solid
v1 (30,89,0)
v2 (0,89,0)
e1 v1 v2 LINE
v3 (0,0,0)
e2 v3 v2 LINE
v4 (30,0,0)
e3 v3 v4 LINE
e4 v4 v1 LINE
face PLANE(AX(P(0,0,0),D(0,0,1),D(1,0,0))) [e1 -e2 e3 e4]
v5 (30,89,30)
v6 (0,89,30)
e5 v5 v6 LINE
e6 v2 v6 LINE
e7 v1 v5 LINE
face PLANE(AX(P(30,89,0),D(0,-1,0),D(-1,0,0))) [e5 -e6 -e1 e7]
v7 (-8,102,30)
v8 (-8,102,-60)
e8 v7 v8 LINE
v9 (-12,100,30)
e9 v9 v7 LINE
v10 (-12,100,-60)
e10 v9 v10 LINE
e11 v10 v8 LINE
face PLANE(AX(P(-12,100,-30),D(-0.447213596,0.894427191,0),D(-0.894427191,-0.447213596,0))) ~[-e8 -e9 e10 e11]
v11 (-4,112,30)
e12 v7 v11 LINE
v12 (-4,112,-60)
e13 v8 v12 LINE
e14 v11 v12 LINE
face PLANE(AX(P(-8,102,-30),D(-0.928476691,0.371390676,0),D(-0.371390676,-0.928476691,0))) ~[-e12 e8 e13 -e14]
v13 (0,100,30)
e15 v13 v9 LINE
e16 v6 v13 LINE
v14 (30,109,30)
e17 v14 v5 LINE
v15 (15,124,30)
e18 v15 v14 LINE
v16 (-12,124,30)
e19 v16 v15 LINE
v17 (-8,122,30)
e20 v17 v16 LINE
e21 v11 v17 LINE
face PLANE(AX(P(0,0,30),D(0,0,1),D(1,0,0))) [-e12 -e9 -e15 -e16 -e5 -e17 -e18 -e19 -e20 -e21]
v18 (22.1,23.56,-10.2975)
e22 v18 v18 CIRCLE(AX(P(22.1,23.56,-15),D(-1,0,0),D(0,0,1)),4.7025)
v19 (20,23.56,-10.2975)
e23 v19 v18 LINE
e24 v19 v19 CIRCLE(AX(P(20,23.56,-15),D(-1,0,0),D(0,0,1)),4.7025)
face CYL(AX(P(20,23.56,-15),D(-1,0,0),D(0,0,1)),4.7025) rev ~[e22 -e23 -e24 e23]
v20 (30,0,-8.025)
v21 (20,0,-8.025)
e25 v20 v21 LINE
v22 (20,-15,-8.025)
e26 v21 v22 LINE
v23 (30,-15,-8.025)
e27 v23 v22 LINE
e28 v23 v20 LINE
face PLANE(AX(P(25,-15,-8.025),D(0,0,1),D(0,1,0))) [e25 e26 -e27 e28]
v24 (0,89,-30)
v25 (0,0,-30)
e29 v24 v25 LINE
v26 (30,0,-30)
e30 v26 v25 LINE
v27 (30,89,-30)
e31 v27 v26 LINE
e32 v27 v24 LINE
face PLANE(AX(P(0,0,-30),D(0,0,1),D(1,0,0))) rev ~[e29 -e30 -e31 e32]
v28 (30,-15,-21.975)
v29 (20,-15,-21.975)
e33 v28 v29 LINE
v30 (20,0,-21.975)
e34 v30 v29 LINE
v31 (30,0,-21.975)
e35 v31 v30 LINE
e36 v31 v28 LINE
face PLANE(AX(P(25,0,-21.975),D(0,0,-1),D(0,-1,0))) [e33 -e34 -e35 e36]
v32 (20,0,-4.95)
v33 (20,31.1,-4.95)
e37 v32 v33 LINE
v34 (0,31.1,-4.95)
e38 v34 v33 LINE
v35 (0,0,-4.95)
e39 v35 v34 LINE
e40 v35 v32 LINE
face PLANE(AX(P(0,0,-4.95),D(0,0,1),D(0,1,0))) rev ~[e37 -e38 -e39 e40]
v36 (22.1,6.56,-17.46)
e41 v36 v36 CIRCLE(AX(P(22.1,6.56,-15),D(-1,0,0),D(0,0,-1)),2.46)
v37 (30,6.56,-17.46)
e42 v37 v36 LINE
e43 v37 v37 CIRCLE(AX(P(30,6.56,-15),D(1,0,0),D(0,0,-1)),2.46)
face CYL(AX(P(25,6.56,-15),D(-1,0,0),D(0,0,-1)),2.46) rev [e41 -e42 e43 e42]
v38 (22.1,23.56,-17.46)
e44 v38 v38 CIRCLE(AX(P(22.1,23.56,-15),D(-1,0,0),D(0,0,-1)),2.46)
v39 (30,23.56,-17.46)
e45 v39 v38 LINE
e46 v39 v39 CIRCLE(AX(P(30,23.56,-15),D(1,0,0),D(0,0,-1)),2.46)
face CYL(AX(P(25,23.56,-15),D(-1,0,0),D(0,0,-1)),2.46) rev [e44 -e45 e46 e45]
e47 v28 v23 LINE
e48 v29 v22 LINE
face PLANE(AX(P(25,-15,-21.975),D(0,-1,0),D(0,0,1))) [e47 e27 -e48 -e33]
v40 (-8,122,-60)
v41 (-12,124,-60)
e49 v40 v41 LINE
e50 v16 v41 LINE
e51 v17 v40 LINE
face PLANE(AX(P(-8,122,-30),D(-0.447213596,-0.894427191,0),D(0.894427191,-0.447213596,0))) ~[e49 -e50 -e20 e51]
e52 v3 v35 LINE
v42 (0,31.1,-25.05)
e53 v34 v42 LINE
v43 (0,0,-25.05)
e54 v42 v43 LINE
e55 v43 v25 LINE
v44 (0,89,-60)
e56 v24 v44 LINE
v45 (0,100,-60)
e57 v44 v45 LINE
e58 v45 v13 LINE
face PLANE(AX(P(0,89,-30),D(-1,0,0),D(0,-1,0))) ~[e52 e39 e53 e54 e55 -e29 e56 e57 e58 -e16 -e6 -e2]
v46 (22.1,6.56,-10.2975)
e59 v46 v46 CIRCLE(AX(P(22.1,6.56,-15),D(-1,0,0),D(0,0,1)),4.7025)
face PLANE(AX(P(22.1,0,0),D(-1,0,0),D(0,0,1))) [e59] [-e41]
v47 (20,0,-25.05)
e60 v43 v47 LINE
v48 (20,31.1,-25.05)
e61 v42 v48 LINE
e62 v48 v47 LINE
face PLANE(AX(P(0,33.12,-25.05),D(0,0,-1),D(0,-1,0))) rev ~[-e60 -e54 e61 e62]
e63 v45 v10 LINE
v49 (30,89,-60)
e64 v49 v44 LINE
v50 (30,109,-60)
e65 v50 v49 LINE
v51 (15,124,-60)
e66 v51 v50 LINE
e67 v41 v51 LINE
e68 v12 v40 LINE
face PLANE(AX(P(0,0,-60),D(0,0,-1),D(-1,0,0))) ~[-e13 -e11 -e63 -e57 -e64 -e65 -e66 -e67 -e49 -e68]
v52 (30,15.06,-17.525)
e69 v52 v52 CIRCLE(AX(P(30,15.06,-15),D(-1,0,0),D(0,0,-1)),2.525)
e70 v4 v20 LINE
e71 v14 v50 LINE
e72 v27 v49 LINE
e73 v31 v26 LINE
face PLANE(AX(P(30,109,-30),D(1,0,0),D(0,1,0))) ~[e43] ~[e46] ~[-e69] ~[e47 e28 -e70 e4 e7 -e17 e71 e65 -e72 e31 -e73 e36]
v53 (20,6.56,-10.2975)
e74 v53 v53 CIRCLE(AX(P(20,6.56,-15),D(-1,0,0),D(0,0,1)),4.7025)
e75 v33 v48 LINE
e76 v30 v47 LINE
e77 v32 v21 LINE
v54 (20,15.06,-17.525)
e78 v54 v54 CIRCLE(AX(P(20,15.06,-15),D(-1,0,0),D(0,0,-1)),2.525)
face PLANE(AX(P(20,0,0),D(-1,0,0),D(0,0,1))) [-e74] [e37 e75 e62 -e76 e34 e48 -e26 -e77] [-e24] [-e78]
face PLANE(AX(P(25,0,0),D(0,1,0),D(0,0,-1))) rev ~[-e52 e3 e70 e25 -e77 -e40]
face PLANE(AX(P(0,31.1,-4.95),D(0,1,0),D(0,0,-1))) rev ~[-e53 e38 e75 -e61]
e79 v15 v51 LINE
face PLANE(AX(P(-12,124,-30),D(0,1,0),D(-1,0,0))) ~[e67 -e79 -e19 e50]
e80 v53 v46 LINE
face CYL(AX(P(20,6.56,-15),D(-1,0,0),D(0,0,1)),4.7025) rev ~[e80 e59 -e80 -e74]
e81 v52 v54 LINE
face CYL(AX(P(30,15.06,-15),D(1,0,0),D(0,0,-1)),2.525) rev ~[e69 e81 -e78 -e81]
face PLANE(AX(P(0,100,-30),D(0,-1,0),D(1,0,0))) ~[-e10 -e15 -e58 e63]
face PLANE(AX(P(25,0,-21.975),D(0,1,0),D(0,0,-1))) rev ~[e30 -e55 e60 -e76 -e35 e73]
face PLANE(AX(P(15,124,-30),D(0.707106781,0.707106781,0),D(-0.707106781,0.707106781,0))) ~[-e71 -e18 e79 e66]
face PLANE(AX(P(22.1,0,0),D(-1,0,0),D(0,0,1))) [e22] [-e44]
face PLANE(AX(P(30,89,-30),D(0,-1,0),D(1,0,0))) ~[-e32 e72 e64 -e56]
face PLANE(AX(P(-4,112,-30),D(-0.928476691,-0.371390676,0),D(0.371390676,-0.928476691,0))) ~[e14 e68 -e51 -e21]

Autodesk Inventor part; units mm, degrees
ref_plane "YZ Plane" through (0, 0, 0) normal (1, 0, 0) x (0, 1, 0)
ref_plane "XZ Plane" through (0, 0, 0) normal (0, 1, 0) x (-1, 0, 0)
sketch "Sketch1" plane through (0, 0, 0) normal (0, 0, 1) x (1, 0, 0)
  line L0 (0, 0) -> (25, 0)
  line L1 (25, 0) -> (25, 40)
  line L2 (25, 40) -> (0, 40)
  line L3 (0, 40) -> (0, 0)
  dimension "d1" = 25
  dimension "d2" = 40
  dimension "d3" = 25
extrude "Extrusion1" add sketch "Sketch1" against normal blind 30
sketch "Sketch2" plane through (25, 0, 0) normal (1, 0, 0) x (0, 0, -1)
  line L0 (0, 0) -> (30, 0) projected
  circle A0 centre (15, 6.56) radius 2.46
extrude "Extrusion2" cut sketch "Sketch2" against normal blind 30
sketch "Sketch3" plane through (0, 0, 0) normal (-1, 0, 0) x (0, 0, 1)
  line L0 (0, 0) -> (-30, 0) projected
  line L1 (-25.05, 0) -> (-4.95, 0)
  line L2 (-4.95, 0) -> (-4.95, 33.12)
  line L3 (-4.95, 33.12) -> (-25.05, 33.12)
  line L4 (-25.05, 33.12) -> (-25.05, 0)
  dimension "d11" = 20.1
extrude "Extrusion3" cut sketch "Sketch3" against normal blind 20
sketch "Sketch4" plane through (0, 0, 0) normal (0, -1, 0) x (1, 0, 0)
  line L0 (20, -4.95) -> (20, -25.05) projected
  line L1 (20, -15) -> (25, -15)
  line L2 (25, 0) -> (25, -30) projected
  line L3 (20, -8.025) -> (25, -8.025)
  line L4 (25, -8.025) -> (25, -21.975)
  line L5 (25, -21.975) -> (20, -21.975)
  line L6 (20, -21.975) -> (20, -8.025)
  line L7 (20, -8.025) -> (25, -21.975) construction
  line L8 (25, -8.025) -> (20, -21.975) construction
  line L9 (25, -12.54) -> (25, -17.46) projected
  point P0 (0, 0)
  point P1 (22.5, -15)
  dimension "d14" = 13.95
extrude "Extrusion4" add sketch "Sketch4" along normal blind 15
sketch "Sketch5" plane through (20, 0, 0) normal (-1, 0, 0) x (0, 0, 1)
  circle A0 centre (-15, 6.56) radius 2.46 projected
  circle A1 centre (-15, 6.56) radius 4.7025
  circle A2 centre (-15, 6.56) radius 2.46 projected
  circle A3 centre (-15, 6.56) radius 2.46
  point P0 (0, 0)
  dimension "d17" = 9.405
extrude "Extrusion5" cut sketch "Sketch5" against normal blind 2.1
sketch "Sketch6" plane through (25, 0, 0) normal (1, 0, 0) x (0, 0, -1)
  circle A0 centre (15, 6.56) radius 4.7025 projected
  line L0 (15, 6.56) -> (15, 23.56)
  circle A1 centre (15, 23.56) radius 2.46
  point P0 (0, 0)
  dimension "d20" = 17
  dimension "d21" = 4.92
extrude "Extrusion6" cut sketch "Sketch6" against normal blind 10 contours A1
sketch "Sketch7" plane through (20, 0, 0) normal (-1, 0, 0) x (0, 0, 1)
  circle A0 centre (-15, 23.56) radius 2.46 projected
  circle A1 centre (-15, 23.56) radius 4.7025
  point P0 (0, 0)
  dimension "d24" = 9.405
extrude "Extrusion7" cut sketch "Sketch7" against normal blind 2.1
sketch "Sketch9" plane through (25, 0, 0) normal (1, 0, 0) x (0, 0, -1)
  circle A0 centre (15, 6.56) radius 2.46 projected
  circle A1 centre (15, 6.56) radius 2.46
  circle A2 centre (15, 23.56) radius 2.46 projected
  circle A3 centre (15, 23.56) radius 2.46
  line L0 (30, 40) -> (30, 0) projected
  line L1 (30, 0) -> (30, 40)
  line L2 (30, 40) -> (0, 40)
  line L3 (0, 40) -> (0, 0)
  line L4 (0, 0) -> (8.025, 0) projected
  line L5 (21.975, 0) -> (21.975, -15)
  line L6 (21.975, -15) -> (8.025, -15)
  line L7 (8.025, -15) -> (8.025, 0)
  line L8 (0, 0) -> (8.025, 0)
  line L9 (21.975, 0) -> (30, 0)
extrude "Extrusion8" add sketch "Sketch9" along normal blind 5
sketch "Sketch10" plane through (0, 40, 0) normal (0, 1, 0) x (1, 0, 0)
  line L0 (0, 30) -> (30, 30) projected
  line L1 (30, 0) -> (0, 0) projected
  line L2 (0, 30) -> (30, 30)
  line L3 (30, 30) -> (30, 0)
  line L4 (30, 0) -> (0, 0)
  line L5 (0, 0) -> (0, 30)
extrude "Extrusion9" add sketch "Sketch10" along normal blind 30
sketch "Sketch12" plane through (30, 0, 0) normal (1, 0, 0) x (0, 0, -1)
  circle A0 centre (15, 6.56) radius 2.46 projected
  line L0 (15, 6.56) -> (15, 15.06)
  circle A1 centre (15, 15.06) radius 2.525
  point P0 (0, 0)
  dimension "d31" = 8.5
  dimension "d33" = 5.05
extrude "Extrusion10" cut sketch "Sketch12" against normal blind 30 contours A1
sketch "Sketch14" plane through (0, 0, 0) normal (0, 0, 1) x (1, 0, 0)
  line L0 (30, 70) -> (0, 70) projected
  line L1 (0, 70) -> (0, 85)
  line L2 (30, 0) -> (30, 70) projected
  line L3 (30, 109) -> (30, 70)
  line L4 (30, 105) -> (30, 100)
  line L5 (-12, 124) -> (15, 124)
  line L6 (-8, 122) -> (-12, 124)
  line L7 (-8, 122) -> (-4, 112)
  line L8 (-8, 102) -> (-12, 100)
  line L9 (-8, 102) -> (-4, 112)
  line L10 (30, 109) -> (15, 124)
  line L11 (0, 85) -> (0, 100)
  line L12 (0, 100) -> (-12, 100)
  point P0 (0, 0)
  dimension "d69" = 12
extrude "Extrusion12" add sketch "Sketch14" against normal blind 30
sketch "Sketch15" plane through (0, 0, -25.05) normal (-1, 0, 0) x (0, 0, 1)
  line L0 (0, 33.12) -> (20.1, 33.12) projected
  line L1 (20.1, 33.12) -> (20.1, 0) projected
  line L2 (0, 33.12) -> (20.1, 33.12)
  line L3 (20.1, 33.12) -> (20.1, 31.1)
  line L4 (20.1, 31.1) -> (0, 31.1)
  line L5 (0, 31.1) -> (0, 33.12)
  point P0 (25.05, 0)
  dimension "d57" = 2.02
extrude "Extrusion13" add sketch "Sketch15" against normal blind 20
sketch "Sketch19" plane through (0, 0, 0) normal (0, 0, 1) x (1, 0, 0)
  line L0 (0, 100) -> (-12, 100) projected
  line L1 (0, 100) -> (-12, 100)
  line L2 (-12, 100) -> (-8, 102) projected
  line L3 (-12, 100) -> (-8, 102)
  line L4 (-8, 102) -> (-4, 112) projected
  line L5 (-8, 102) -> (-4, 112)
  line L6 (-4, 112) -> (-8, 122) projected
  line L7 (-4, 112) -> (-8, 122)
  line L8 (-8, 122) -> (-12, 124) projected
  line L9 (-8, 122) -> (-12, 124)
  line L10 (-12, 124) -> (15, 124) projected
  line L11 (-12, 124) -> (15, 124)
  line L12 (15, 124) -> (30, 109) projected
  line L13 (15, 124) -> (30, 109)
  line L14 (30, 109) -> (30, 89)
  line L15 (30, 89) -> (0, 89)
  line L16 (0, 89) -> (0, 100)
  point P0 (0, 0)
  dimension "d71" = 20
  dimension "d72" = 30
extrude "Extrusion14" add sketch "Sketch19" along normal blind 30
ref_plane "Work Plane1" through (0, 0, -15) normal (0, 0, 1) x (1, 0, 0)
mirror "Mirror1" about plane through (0, 0, -15) normal (0, 0, 1) of "Extrusion14"
properties part number "rec_b_20mm_x_90mm"
